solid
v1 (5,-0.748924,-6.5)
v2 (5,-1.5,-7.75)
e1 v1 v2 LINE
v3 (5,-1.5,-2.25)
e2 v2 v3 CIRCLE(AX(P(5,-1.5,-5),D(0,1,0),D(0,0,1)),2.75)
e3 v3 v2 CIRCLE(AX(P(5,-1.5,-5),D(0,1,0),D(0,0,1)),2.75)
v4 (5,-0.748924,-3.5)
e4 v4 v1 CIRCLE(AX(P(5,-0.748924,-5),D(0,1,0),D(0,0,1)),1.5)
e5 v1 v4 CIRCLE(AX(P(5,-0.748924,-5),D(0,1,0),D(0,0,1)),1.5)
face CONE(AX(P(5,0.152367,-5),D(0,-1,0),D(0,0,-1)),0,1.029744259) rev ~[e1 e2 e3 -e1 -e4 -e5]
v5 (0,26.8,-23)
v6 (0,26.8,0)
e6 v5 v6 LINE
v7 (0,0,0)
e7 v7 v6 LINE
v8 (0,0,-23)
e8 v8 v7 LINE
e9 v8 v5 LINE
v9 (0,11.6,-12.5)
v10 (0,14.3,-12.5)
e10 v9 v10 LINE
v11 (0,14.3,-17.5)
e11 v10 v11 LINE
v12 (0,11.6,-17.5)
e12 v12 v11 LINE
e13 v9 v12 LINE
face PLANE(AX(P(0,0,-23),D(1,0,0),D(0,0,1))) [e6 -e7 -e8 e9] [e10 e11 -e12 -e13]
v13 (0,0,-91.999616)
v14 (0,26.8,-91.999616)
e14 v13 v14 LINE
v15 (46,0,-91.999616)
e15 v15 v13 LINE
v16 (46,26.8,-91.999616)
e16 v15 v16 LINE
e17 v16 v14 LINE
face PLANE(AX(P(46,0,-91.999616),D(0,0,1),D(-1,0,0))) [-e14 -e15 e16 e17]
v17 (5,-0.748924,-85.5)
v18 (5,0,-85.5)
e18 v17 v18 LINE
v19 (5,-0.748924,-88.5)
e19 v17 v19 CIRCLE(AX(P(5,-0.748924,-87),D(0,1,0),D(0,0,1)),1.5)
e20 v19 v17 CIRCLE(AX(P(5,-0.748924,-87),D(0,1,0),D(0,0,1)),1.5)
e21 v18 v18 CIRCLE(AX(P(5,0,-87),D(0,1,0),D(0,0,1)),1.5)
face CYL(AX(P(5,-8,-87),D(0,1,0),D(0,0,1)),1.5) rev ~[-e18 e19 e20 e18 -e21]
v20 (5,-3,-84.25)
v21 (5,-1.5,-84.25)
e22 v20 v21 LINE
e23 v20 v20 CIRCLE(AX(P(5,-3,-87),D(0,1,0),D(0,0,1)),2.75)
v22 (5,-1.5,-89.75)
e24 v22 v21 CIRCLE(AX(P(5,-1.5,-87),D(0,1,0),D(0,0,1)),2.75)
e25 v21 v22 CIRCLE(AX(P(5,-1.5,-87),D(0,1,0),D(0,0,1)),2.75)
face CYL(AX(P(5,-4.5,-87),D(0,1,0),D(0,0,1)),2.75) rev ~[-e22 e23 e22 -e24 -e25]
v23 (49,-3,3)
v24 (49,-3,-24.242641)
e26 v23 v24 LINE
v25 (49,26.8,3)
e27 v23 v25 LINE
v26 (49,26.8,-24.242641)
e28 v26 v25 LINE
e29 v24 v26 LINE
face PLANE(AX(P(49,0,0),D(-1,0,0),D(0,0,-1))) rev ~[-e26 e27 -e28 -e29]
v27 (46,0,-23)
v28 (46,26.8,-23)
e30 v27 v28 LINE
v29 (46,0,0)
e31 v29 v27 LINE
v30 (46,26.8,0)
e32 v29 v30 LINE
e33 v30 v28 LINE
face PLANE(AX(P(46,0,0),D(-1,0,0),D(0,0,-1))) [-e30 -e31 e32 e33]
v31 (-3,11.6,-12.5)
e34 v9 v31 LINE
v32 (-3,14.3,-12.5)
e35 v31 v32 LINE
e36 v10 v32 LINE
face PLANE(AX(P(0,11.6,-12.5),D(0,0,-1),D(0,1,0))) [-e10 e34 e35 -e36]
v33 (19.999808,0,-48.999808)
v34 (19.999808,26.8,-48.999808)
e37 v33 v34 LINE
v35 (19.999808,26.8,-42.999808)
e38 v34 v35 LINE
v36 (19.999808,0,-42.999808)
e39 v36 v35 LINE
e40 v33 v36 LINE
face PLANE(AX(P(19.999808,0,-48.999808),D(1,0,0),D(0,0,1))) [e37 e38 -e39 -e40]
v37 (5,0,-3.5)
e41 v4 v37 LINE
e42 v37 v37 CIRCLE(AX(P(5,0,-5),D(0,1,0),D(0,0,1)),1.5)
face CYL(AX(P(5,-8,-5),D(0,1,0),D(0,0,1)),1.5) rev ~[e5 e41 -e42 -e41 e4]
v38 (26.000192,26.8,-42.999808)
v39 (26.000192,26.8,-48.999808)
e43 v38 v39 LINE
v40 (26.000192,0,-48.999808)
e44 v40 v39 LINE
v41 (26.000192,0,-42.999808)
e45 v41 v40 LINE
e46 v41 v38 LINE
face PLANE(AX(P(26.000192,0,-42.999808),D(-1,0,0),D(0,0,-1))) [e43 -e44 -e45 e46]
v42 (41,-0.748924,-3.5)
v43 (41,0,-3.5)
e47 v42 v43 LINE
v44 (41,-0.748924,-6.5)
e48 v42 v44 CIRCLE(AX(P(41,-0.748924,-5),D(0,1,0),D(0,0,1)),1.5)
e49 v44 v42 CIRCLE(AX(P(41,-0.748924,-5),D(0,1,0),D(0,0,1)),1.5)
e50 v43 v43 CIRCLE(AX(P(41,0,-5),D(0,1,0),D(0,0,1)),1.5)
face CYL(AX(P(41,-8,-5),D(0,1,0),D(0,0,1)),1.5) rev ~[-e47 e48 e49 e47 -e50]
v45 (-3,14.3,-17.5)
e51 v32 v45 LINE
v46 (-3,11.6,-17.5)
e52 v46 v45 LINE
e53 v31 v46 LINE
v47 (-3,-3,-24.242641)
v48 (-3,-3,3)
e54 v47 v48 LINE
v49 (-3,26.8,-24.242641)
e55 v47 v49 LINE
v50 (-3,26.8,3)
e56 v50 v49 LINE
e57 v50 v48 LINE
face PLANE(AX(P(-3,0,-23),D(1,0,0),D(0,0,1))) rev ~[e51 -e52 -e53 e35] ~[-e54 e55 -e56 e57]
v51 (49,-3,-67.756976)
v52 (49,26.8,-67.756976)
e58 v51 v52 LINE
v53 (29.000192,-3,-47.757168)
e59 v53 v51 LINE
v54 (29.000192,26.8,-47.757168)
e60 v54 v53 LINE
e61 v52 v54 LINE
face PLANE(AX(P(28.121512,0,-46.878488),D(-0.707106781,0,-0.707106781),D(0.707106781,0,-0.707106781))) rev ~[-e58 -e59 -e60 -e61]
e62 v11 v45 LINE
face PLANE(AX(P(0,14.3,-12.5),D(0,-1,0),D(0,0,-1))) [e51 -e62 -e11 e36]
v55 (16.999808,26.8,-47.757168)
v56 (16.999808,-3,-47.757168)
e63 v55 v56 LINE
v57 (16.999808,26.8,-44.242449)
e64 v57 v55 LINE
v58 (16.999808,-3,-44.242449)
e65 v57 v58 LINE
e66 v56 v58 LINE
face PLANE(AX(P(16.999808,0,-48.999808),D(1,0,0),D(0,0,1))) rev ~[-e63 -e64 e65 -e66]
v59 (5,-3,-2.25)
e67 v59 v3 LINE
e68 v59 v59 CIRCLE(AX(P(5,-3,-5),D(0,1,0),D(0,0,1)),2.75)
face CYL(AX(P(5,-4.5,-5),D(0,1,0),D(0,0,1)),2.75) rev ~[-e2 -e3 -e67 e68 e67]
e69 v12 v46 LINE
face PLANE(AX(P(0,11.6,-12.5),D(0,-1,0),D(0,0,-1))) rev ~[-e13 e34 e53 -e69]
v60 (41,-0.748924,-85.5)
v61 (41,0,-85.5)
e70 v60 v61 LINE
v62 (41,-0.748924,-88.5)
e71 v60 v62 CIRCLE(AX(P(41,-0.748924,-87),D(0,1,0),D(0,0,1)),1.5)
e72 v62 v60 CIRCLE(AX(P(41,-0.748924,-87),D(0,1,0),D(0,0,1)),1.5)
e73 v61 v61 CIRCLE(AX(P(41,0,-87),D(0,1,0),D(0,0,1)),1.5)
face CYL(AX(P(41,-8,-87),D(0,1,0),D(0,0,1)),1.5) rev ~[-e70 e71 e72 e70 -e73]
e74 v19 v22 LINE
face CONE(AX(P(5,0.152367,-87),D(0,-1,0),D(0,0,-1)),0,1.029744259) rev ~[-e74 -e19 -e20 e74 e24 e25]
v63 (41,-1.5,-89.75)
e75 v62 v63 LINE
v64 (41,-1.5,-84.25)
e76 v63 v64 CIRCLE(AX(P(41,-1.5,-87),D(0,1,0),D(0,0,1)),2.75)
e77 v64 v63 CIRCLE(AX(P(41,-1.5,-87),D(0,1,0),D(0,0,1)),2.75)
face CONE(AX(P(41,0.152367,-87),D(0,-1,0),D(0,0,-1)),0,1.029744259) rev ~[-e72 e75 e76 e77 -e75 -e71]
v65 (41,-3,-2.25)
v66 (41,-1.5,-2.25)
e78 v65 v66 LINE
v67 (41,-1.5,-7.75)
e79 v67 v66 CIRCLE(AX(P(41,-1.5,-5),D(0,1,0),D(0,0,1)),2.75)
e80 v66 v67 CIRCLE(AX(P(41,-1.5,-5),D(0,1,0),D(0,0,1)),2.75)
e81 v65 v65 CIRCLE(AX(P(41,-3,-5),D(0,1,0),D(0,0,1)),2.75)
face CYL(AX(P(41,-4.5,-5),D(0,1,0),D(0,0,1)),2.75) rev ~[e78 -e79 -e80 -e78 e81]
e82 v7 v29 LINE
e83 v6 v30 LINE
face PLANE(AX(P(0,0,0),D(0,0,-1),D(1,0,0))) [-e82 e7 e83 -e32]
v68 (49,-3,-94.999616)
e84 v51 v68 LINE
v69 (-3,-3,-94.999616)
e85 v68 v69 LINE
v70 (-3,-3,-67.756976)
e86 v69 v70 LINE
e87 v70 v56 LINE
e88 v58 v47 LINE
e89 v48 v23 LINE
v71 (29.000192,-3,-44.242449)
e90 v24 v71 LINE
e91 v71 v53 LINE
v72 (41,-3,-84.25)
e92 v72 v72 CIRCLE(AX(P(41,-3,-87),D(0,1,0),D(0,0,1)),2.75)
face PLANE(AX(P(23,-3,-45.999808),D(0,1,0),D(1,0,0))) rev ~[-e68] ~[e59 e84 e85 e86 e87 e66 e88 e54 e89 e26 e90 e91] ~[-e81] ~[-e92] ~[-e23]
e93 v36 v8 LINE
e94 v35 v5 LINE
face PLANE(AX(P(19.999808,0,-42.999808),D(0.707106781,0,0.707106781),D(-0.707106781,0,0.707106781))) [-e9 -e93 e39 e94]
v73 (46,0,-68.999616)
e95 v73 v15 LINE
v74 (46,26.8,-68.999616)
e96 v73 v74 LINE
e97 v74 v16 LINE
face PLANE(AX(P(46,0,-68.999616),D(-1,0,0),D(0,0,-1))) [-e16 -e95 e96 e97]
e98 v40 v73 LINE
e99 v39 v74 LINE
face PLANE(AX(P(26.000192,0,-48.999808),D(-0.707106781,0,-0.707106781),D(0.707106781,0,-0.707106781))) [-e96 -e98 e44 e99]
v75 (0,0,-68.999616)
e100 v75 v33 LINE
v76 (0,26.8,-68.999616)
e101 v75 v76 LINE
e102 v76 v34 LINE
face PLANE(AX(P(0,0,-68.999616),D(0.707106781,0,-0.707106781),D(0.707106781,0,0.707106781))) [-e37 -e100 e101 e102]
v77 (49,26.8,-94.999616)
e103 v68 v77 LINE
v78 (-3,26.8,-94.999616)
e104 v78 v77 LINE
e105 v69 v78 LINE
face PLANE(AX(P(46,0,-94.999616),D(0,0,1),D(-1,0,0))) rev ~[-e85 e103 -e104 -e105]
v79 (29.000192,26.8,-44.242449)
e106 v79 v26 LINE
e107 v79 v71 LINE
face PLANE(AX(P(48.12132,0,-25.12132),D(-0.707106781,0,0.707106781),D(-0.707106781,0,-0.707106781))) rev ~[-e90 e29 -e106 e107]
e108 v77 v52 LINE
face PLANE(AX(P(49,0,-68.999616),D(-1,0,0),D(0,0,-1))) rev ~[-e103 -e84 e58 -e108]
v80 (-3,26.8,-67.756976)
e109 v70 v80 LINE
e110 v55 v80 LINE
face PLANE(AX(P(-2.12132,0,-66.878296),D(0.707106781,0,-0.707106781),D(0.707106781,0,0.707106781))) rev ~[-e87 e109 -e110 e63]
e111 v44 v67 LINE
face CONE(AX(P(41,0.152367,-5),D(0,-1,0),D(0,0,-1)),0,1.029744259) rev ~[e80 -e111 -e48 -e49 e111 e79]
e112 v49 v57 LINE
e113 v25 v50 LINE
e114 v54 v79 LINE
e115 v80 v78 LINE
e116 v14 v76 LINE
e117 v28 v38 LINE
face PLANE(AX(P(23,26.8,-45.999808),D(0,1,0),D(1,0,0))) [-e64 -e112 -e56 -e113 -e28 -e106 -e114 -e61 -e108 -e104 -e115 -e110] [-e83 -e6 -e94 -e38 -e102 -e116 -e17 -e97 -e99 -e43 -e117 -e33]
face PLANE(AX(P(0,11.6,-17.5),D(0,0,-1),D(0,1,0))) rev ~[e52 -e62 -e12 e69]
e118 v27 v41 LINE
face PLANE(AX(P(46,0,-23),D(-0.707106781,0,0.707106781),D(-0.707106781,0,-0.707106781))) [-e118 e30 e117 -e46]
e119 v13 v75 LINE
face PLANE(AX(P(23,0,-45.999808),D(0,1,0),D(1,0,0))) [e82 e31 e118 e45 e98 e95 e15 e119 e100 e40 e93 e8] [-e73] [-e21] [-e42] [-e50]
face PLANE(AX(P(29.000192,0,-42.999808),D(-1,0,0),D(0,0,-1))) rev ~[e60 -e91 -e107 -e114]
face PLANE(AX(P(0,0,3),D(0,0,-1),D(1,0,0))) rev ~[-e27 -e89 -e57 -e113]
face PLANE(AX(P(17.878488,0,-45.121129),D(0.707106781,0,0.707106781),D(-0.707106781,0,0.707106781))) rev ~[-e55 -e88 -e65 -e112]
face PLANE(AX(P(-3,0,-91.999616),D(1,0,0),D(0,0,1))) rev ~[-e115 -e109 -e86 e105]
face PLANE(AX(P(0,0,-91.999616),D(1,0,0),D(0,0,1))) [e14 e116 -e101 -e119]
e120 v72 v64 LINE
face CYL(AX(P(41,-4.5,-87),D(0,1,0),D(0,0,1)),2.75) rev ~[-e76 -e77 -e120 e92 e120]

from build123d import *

# Parameters (mm, degrees)
EXTRUDE_2_DEPTH     = 26.8
SHELL_2_T           = 3
F_3_0MM_1_D         = 3
F_3_0MM_1_DEPTH     = 5
F_3_0MM_1_TIP       = 0.901290929
F_3_0MM_2_D         = 5.5
F_3_0MM_2_DEPTH     = 1.5
F_3_0MM_2_TIP       = 1.652366702
SKETCH_16_W         = 5
SKETCH_16_H         = 2.7
CUT_EXTRUDE_3_DEPTH = 10


with BuildPart() as part:
    # 草图2 → 凸台-拉伸2 (new body)
    with BuildSketch(Plane(origin=(0, 0, 0), x_dir=(1, 0, 0), z_dir=(0, 1, 0))):
        Polygon((0, 0), (46, 0), (46, 23), (26.000191801, 42.999808199), (26.000191801, 48.999808199), (46, 68.999616398), (46, 91.999616398), (0, 91.999616398), (0, 68.999616398), (19.999808199, 48.999808199), (19.999808199, 42.999808199), (0, 23), align=None)
    extrude(amount=EXTRUDE_2_DEPTH)

    # 抽壳2
    shell_2_openings = [part.faces().sort_by_distance(p)[0] for p in [
        (23, 26.8, -45.999808199),
    ]]
    offset(amount=SHELL_2_T, openings=shell_2_openings, kind=Kind.INTERSECTION)

    # Ø3.0mm 暗销孔1
    with Locations(Plane(origin=(5, -3, -5), x_dir=(0, 0, -1), z_dir=(0, -1, 0))):
        with Locations((0, 0), (0, 36), (82, 36), (82, 0)):
            Hole(F_3_0MM_1_D / 2, depth=F_3_0MM_1_DEPTH)
            with Locations((0, 0, -(F_3_0MM_1_DEPTH + F_3_0MM_1_TIP / 2))):  # 118° drill point
                Cone(0, F_3_0MM_1_D / 2, F_3_0MM_1_TIP, mode=Mode.SUBTRACT)

    # Ø3.0mm 暗销孔2
    with Locations(Plane(origin=(5, -3, -5), x_dir=(0, 0, -1), z_dir=(0, -1, 0))):
        with Locations((0, 0), (0, 36), (82, 36), (82, 0)):
            Hole(F_3_0MM_2_D / 2, depth=F_3_0MM_2_DEPTH)
            with Locations((0, 0, -(F_3_0MM_2_DEPTH + F_3_0MM_2_TIP / 2))):  # 118° drill point
                Cone(0, F_3_0MM_2_D / 2, F_3_0MM_2_TIP, mode=Mode.SUBTRACT)

    # 草图16 → 切除-拉伸3 (cut)
    with BuildSketch(Plane(origin=(0, 0, 0), x_dir=(0, 0, -1), z_dir=(1, 0, 0))):
        with Locations((15, 12.95)):
            Rectangle(SKETCH_16_W, SKETCH_16_H)
    extrude(amount=-CUT_EXTRUDE_3_DEPTH, mode=Mode.SUBTRACT)


solid = part.part
